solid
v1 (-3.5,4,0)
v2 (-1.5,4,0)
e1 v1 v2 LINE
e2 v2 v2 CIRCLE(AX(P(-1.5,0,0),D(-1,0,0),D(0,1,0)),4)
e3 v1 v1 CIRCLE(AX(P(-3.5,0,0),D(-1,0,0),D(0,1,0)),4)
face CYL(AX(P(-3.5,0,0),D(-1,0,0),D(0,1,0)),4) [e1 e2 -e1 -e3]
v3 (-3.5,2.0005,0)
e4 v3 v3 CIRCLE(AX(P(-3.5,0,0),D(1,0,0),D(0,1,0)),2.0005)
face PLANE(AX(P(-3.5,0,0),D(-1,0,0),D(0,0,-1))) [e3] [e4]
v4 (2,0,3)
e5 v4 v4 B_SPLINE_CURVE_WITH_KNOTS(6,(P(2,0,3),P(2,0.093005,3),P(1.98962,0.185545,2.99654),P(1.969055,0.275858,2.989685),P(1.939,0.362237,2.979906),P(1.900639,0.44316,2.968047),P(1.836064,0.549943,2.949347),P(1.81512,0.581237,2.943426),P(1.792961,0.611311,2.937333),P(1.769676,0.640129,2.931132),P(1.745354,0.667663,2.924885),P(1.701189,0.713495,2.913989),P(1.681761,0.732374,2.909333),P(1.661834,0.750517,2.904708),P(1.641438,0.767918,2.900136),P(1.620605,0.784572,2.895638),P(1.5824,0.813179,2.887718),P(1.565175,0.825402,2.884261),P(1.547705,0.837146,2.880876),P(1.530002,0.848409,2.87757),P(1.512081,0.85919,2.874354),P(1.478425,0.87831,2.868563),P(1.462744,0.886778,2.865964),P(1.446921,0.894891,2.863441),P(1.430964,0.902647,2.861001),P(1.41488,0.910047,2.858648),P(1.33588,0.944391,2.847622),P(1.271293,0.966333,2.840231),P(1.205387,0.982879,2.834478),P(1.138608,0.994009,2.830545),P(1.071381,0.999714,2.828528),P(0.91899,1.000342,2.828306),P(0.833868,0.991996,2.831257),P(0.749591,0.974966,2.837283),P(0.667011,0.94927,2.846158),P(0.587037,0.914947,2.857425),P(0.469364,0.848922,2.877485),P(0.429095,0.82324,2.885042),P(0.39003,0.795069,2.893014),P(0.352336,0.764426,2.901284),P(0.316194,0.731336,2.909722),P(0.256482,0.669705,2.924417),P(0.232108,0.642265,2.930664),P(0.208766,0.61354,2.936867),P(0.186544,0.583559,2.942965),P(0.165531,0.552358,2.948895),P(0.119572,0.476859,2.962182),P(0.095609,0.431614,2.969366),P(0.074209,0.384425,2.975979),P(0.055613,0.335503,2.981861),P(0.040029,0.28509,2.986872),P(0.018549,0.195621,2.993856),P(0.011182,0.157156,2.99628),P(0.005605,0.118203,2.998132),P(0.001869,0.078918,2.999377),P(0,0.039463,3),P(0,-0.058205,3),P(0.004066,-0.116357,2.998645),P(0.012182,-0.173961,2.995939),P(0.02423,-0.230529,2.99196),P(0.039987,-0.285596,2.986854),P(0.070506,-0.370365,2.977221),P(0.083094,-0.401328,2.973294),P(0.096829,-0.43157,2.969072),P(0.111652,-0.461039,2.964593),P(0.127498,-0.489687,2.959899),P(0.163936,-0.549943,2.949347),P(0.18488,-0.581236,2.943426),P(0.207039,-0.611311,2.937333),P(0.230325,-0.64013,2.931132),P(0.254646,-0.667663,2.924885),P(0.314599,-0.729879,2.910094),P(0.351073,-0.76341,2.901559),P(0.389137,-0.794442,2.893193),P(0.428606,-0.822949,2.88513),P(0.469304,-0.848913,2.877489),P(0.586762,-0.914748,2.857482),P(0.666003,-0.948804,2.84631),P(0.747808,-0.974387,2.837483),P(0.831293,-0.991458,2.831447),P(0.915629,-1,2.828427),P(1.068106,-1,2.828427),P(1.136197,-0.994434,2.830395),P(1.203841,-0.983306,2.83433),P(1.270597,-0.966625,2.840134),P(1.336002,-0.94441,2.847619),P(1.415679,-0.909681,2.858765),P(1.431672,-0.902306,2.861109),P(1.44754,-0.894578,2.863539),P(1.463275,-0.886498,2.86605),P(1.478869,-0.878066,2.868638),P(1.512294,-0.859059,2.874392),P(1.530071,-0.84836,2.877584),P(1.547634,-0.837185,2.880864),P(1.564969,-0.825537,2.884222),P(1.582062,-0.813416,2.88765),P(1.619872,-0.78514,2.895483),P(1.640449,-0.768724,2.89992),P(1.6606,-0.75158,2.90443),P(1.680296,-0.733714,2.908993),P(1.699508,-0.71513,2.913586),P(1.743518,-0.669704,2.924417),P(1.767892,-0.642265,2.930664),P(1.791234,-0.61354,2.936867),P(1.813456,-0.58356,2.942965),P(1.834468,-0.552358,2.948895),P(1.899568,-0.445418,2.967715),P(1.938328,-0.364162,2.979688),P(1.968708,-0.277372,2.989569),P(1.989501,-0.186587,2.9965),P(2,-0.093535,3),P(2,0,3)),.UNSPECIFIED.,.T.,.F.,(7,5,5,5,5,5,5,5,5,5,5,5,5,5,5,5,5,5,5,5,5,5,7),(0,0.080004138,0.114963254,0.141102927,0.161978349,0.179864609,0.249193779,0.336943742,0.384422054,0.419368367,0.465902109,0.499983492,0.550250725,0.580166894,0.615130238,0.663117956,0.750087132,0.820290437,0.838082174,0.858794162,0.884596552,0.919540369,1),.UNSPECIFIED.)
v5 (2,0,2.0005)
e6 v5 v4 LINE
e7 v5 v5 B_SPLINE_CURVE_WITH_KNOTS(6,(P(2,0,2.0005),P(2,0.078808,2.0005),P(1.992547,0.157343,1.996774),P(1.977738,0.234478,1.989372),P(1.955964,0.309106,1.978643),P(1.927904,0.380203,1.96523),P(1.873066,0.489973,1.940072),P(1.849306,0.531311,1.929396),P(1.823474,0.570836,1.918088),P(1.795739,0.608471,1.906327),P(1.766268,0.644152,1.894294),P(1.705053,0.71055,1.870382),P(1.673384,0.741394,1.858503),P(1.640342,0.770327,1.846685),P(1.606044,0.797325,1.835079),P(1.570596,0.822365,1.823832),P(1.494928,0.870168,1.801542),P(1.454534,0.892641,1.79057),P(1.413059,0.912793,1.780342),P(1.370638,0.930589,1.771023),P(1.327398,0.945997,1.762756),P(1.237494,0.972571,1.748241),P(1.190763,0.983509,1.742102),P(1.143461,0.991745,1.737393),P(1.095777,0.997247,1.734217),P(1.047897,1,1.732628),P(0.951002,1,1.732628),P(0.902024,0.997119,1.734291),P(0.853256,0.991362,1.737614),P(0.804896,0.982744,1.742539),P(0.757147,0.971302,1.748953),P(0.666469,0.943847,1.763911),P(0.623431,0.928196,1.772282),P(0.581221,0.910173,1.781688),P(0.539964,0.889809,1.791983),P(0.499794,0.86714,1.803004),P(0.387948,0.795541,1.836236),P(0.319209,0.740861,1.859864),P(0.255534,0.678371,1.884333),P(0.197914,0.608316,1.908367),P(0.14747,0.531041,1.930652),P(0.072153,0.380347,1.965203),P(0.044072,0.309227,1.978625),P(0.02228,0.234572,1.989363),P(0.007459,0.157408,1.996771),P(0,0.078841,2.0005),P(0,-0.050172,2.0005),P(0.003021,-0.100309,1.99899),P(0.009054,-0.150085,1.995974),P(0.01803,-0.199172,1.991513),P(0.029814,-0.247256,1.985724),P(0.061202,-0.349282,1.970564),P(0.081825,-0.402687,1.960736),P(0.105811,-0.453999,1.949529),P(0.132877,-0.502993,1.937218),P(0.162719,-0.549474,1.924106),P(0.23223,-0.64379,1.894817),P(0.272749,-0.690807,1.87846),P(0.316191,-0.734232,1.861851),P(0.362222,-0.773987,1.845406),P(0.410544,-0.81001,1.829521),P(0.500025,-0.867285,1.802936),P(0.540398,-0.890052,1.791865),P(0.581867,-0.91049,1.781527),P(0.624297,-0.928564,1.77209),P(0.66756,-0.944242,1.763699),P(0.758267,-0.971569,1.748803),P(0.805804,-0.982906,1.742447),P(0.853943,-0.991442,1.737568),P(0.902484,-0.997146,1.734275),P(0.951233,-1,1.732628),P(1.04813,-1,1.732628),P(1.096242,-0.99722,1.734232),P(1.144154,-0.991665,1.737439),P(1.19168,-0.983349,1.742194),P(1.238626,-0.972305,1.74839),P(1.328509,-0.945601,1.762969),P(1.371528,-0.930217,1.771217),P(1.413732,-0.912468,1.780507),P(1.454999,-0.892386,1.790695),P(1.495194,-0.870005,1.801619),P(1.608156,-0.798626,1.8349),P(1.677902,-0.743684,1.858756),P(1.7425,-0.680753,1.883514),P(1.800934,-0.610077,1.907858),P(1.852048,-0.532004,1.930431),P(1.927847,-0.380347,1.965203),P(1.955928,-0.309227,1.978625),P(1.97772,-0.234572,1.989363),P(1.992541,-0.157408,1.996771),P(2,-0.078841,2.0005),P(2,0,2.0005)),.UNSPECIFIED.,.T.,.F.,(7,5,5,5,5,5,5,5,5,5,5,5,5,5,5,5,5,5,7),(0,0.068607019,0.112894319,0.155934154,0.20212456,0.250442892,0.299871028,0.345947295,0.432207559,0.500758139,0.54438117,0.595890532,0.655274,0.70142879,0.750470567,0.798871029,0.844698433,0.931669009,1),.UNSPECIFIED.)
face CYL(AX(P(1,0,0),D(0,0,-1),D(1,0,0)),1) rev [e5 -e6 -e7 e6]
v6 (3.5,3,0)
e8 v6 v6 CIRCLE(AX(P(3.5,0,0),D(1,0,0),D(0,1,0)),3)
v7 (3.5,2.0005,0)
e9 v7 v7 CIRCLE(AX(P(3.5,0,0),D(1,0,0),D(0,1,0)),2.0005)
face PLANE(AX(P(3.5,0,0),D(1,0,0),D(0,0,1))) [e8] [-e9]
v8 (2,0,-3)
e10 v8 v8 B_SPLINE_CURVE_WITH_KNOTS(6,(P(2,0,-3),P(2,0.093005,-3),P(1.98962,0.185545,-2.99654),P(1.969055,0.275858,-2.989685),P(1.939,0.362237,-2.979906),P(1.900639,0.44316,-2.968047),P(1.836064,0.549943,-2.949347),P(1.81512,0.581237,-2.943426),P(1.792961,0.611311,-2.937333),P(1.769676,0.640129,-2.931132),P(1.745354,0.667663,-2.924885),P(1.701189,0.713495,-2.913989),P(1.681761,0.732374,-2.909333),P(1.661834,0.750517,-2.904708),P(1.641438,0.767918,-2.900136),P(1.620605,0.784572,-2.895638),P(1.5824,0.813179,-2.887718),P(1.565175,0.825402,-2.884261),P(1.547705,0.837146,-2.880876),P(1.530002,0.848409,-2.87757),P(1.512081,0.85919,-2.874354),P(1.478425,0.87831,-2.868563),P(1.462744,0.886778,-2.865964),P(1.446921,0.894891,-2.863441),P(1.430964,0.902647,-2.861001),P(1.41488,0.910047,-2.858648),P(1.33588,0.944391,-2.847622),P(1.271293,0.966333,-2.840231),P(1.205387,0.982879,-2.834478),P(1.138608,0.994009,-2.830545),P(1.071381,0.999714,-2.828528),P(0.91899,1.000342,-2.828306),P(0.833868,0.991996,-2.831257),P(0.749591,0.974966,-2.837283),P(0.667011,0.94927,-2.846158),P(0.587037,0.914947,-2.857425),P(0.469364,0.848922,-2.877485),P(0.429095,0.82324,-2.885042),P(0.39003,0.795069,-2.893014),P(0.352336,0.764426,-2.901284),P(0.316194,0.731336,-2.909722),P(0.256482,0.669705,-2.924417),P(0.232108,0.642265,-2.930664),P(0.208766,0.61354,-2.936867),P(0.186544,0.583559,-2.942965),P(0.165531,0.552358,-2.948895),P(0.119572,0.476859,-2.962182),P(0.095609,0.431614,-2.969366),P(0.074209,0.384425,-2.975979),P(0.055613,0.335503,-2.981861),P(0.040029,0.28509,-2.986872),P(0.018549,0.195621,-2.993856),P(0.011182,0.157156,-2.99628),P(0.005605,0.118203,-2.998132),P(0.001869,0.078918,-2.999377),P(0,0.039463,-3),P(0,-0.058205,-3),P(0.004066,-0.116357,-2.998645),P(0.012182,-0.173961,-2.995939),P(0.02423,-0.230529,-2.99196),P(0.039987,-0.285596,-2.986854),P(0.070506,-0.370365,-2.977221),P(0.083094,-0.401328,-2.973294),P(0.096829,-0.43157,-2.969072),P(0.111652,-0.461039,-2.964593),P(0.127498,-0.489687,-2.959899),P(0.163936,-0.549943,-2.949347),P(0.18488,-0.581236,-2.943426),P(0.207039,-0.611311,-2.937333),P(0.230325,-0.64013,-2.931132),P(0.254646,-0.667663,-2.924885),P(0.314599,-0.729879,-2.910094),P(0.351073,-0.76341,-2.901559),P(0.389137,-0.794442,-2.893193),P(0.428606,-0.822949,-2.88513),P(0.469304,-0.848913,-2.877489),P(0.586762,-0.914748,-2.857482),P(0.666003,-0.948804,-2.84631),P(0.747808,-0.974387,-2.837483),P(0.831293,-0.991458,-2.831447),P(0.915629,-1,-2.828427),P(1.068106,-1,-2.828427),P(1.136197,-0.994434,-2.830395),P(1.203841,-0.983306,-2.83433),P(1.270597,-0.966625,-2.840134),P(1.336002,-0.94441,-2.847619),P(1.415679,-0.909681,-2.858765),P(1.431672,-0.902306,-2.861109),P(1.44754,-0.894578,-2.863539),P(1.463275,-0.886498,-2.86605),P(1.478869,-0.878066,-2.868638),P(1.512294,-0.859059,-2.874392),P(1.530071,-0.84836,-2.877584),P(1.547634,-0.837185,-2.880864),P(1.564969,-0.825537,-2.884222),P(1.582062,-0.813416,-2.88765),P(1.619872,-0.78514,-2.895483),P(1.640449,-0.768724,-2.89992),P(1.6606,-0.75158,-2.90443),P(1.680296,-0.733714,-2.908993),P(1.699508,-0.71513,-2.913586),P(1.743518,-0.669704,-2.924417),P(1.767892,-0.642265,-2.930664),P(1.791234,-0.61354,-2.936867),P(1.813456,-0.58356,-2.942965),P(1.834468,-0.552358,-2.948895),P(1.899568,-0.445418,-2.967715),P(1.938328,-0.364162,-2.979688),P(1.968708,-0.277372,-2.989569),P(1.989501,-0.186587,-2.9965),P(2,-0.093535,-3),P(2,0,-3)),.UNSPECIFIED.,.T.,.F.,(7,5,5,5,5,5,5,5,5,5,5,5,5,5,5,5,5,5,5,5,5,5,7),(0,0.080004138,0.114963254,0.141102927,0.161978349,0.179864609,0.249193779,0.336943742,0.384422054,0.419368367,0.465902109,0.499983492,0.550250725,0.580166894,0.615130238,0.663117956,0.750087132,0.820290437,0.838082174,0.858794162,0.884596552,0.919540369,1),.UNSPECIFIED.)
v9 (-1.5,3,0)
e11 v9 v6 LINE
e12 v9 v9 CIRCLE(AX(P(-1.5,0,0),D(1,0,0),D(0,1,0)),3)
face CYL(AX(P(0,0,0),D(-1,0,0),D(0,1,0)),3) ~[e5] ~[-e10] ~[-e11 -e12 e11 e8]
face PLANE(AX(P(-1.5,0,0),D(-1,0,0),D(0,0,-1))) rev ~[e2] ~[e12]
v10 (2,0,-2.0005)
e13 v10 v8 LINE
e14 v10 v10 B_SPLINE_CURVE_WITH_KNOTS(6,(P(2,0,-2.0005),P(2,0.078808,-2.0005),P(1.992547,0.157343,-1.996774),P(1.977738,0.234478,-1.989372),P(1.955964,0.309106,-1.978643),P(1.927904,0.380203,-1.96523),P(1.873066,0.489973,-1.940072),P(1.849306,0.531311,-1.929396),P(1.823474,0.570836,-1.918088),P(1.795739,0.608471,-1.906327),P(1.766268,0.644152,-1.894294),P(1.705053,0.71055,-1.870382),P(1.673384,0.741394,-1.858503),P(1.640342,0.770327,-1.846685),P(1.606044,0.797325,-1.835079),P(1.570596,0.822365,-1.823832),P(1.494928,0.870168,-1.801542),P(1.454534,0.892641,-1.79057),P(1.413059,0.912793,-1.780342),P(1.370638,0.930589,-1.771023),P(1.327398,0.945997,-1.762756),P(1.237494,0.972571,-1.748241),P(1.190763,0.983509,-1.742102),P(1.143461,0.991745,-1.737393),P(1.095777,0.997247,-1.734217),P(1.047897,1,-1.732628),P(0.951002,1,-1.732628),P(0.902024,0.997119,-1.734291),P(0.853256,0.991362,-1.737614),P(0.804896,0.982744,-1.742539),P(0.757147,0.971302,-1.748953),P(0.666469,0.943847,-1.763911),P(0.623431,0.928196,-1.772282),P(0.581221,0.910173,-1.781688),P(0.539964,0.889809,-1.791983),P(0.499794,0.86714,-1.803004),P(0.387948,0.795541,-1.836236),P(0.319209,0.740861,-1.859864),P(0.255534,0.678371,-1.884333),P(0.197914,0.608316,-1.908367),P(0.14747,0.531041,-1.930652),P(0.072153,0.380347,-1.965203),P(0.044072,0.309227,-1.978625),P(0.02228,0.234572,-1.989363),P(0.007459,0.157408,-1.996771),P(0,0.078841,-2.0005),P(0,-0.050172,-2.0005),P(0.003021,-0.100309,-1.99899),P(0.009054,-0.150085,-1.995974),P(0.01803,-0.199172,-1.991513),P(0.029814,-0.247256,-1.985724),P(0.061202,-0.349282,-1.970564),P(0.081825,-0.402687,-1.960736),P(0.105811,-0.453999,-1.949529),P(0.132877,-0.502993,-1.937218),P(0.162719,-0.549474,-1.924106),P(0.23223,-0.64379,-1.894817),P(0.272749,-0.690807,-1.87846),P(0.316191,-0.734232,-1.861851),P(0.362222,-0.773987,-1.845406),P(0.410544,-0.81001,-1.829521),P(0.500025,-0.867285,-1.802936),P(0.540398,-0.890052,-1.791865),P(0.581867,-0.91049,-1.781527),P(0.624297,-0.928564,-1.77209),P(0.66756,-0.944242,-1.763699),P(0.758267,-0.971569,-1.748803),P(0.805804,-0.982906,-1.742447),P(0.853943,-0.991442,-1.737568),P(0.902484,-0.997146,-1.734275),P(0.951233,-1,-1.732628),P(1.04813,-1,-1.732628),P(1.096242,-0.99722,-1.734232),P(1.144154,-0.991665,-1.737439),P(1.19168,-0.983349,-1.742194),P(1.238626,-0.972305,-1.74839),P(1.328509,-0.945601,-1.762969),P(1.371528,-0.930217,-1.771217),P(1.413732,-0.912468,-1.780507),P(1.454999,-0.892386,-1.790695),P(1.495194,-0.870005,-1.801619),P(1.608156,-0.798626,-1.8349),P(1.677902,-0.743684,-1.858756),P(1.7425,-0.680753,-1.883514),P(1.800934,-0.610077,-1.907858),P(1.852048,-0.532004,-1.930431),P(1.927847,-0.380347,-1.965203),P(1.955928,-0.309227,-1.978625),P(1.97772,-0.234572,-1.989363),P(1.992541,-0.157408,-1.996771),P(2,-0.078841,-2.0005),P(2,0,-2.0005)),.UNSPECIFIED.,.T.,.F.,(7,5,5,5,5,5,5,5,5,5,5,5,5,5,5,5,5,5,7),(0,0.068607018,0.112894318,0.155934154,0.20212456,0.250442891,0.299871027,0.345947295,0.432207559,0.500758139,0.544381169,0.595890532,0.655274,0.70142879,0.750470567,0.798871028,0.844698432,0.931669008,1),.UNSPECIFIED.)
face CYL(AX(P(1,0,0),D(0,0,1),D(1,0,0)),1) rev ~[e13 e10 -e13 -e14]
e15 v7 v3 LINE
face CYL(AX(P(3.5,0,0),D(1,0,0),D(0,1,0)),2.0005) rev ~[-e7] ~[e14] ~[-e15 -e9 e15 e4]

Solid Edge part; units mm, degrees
sketch "Sketch1" plane through (0, 0, 0) normal (1, 0, 0) x (0, 1, 0)
  circle A0 centre (0, 0) radius 3
extrude "Protrusion1" add sketch "Sketch1" along normal mid plane 7
sketch "Sketch2" plane through (-3.5, 0, 0) normal (-1, 0, 0) x (0, 1, 0)
  circle A0 centre (0, 0) radius 4
extrude "ExtrudedProtrusion_2" add sketch "Sketch2" against normal blind 2
sketch "Sketch3" plane through (3.5, 0, 0) normal (1, 0, 0) x (0, 1, 0)
  circle A0 centre (0, 0) radius 2.0005
extrude "ExtrudedCutout_1" cut sketch "Sketch3" along normal mid plane 52.3532
sketch "Sketch4" plane through (0, 0, 0) normal (0, 0, 1) x (1, 0, 0)
  circle A0 centre (1, 0) radius 1
extrude "ExtrudedCutout_2" cut sketch "Sketch4" along normal mid plane 12.1891
properties material "PVC"
